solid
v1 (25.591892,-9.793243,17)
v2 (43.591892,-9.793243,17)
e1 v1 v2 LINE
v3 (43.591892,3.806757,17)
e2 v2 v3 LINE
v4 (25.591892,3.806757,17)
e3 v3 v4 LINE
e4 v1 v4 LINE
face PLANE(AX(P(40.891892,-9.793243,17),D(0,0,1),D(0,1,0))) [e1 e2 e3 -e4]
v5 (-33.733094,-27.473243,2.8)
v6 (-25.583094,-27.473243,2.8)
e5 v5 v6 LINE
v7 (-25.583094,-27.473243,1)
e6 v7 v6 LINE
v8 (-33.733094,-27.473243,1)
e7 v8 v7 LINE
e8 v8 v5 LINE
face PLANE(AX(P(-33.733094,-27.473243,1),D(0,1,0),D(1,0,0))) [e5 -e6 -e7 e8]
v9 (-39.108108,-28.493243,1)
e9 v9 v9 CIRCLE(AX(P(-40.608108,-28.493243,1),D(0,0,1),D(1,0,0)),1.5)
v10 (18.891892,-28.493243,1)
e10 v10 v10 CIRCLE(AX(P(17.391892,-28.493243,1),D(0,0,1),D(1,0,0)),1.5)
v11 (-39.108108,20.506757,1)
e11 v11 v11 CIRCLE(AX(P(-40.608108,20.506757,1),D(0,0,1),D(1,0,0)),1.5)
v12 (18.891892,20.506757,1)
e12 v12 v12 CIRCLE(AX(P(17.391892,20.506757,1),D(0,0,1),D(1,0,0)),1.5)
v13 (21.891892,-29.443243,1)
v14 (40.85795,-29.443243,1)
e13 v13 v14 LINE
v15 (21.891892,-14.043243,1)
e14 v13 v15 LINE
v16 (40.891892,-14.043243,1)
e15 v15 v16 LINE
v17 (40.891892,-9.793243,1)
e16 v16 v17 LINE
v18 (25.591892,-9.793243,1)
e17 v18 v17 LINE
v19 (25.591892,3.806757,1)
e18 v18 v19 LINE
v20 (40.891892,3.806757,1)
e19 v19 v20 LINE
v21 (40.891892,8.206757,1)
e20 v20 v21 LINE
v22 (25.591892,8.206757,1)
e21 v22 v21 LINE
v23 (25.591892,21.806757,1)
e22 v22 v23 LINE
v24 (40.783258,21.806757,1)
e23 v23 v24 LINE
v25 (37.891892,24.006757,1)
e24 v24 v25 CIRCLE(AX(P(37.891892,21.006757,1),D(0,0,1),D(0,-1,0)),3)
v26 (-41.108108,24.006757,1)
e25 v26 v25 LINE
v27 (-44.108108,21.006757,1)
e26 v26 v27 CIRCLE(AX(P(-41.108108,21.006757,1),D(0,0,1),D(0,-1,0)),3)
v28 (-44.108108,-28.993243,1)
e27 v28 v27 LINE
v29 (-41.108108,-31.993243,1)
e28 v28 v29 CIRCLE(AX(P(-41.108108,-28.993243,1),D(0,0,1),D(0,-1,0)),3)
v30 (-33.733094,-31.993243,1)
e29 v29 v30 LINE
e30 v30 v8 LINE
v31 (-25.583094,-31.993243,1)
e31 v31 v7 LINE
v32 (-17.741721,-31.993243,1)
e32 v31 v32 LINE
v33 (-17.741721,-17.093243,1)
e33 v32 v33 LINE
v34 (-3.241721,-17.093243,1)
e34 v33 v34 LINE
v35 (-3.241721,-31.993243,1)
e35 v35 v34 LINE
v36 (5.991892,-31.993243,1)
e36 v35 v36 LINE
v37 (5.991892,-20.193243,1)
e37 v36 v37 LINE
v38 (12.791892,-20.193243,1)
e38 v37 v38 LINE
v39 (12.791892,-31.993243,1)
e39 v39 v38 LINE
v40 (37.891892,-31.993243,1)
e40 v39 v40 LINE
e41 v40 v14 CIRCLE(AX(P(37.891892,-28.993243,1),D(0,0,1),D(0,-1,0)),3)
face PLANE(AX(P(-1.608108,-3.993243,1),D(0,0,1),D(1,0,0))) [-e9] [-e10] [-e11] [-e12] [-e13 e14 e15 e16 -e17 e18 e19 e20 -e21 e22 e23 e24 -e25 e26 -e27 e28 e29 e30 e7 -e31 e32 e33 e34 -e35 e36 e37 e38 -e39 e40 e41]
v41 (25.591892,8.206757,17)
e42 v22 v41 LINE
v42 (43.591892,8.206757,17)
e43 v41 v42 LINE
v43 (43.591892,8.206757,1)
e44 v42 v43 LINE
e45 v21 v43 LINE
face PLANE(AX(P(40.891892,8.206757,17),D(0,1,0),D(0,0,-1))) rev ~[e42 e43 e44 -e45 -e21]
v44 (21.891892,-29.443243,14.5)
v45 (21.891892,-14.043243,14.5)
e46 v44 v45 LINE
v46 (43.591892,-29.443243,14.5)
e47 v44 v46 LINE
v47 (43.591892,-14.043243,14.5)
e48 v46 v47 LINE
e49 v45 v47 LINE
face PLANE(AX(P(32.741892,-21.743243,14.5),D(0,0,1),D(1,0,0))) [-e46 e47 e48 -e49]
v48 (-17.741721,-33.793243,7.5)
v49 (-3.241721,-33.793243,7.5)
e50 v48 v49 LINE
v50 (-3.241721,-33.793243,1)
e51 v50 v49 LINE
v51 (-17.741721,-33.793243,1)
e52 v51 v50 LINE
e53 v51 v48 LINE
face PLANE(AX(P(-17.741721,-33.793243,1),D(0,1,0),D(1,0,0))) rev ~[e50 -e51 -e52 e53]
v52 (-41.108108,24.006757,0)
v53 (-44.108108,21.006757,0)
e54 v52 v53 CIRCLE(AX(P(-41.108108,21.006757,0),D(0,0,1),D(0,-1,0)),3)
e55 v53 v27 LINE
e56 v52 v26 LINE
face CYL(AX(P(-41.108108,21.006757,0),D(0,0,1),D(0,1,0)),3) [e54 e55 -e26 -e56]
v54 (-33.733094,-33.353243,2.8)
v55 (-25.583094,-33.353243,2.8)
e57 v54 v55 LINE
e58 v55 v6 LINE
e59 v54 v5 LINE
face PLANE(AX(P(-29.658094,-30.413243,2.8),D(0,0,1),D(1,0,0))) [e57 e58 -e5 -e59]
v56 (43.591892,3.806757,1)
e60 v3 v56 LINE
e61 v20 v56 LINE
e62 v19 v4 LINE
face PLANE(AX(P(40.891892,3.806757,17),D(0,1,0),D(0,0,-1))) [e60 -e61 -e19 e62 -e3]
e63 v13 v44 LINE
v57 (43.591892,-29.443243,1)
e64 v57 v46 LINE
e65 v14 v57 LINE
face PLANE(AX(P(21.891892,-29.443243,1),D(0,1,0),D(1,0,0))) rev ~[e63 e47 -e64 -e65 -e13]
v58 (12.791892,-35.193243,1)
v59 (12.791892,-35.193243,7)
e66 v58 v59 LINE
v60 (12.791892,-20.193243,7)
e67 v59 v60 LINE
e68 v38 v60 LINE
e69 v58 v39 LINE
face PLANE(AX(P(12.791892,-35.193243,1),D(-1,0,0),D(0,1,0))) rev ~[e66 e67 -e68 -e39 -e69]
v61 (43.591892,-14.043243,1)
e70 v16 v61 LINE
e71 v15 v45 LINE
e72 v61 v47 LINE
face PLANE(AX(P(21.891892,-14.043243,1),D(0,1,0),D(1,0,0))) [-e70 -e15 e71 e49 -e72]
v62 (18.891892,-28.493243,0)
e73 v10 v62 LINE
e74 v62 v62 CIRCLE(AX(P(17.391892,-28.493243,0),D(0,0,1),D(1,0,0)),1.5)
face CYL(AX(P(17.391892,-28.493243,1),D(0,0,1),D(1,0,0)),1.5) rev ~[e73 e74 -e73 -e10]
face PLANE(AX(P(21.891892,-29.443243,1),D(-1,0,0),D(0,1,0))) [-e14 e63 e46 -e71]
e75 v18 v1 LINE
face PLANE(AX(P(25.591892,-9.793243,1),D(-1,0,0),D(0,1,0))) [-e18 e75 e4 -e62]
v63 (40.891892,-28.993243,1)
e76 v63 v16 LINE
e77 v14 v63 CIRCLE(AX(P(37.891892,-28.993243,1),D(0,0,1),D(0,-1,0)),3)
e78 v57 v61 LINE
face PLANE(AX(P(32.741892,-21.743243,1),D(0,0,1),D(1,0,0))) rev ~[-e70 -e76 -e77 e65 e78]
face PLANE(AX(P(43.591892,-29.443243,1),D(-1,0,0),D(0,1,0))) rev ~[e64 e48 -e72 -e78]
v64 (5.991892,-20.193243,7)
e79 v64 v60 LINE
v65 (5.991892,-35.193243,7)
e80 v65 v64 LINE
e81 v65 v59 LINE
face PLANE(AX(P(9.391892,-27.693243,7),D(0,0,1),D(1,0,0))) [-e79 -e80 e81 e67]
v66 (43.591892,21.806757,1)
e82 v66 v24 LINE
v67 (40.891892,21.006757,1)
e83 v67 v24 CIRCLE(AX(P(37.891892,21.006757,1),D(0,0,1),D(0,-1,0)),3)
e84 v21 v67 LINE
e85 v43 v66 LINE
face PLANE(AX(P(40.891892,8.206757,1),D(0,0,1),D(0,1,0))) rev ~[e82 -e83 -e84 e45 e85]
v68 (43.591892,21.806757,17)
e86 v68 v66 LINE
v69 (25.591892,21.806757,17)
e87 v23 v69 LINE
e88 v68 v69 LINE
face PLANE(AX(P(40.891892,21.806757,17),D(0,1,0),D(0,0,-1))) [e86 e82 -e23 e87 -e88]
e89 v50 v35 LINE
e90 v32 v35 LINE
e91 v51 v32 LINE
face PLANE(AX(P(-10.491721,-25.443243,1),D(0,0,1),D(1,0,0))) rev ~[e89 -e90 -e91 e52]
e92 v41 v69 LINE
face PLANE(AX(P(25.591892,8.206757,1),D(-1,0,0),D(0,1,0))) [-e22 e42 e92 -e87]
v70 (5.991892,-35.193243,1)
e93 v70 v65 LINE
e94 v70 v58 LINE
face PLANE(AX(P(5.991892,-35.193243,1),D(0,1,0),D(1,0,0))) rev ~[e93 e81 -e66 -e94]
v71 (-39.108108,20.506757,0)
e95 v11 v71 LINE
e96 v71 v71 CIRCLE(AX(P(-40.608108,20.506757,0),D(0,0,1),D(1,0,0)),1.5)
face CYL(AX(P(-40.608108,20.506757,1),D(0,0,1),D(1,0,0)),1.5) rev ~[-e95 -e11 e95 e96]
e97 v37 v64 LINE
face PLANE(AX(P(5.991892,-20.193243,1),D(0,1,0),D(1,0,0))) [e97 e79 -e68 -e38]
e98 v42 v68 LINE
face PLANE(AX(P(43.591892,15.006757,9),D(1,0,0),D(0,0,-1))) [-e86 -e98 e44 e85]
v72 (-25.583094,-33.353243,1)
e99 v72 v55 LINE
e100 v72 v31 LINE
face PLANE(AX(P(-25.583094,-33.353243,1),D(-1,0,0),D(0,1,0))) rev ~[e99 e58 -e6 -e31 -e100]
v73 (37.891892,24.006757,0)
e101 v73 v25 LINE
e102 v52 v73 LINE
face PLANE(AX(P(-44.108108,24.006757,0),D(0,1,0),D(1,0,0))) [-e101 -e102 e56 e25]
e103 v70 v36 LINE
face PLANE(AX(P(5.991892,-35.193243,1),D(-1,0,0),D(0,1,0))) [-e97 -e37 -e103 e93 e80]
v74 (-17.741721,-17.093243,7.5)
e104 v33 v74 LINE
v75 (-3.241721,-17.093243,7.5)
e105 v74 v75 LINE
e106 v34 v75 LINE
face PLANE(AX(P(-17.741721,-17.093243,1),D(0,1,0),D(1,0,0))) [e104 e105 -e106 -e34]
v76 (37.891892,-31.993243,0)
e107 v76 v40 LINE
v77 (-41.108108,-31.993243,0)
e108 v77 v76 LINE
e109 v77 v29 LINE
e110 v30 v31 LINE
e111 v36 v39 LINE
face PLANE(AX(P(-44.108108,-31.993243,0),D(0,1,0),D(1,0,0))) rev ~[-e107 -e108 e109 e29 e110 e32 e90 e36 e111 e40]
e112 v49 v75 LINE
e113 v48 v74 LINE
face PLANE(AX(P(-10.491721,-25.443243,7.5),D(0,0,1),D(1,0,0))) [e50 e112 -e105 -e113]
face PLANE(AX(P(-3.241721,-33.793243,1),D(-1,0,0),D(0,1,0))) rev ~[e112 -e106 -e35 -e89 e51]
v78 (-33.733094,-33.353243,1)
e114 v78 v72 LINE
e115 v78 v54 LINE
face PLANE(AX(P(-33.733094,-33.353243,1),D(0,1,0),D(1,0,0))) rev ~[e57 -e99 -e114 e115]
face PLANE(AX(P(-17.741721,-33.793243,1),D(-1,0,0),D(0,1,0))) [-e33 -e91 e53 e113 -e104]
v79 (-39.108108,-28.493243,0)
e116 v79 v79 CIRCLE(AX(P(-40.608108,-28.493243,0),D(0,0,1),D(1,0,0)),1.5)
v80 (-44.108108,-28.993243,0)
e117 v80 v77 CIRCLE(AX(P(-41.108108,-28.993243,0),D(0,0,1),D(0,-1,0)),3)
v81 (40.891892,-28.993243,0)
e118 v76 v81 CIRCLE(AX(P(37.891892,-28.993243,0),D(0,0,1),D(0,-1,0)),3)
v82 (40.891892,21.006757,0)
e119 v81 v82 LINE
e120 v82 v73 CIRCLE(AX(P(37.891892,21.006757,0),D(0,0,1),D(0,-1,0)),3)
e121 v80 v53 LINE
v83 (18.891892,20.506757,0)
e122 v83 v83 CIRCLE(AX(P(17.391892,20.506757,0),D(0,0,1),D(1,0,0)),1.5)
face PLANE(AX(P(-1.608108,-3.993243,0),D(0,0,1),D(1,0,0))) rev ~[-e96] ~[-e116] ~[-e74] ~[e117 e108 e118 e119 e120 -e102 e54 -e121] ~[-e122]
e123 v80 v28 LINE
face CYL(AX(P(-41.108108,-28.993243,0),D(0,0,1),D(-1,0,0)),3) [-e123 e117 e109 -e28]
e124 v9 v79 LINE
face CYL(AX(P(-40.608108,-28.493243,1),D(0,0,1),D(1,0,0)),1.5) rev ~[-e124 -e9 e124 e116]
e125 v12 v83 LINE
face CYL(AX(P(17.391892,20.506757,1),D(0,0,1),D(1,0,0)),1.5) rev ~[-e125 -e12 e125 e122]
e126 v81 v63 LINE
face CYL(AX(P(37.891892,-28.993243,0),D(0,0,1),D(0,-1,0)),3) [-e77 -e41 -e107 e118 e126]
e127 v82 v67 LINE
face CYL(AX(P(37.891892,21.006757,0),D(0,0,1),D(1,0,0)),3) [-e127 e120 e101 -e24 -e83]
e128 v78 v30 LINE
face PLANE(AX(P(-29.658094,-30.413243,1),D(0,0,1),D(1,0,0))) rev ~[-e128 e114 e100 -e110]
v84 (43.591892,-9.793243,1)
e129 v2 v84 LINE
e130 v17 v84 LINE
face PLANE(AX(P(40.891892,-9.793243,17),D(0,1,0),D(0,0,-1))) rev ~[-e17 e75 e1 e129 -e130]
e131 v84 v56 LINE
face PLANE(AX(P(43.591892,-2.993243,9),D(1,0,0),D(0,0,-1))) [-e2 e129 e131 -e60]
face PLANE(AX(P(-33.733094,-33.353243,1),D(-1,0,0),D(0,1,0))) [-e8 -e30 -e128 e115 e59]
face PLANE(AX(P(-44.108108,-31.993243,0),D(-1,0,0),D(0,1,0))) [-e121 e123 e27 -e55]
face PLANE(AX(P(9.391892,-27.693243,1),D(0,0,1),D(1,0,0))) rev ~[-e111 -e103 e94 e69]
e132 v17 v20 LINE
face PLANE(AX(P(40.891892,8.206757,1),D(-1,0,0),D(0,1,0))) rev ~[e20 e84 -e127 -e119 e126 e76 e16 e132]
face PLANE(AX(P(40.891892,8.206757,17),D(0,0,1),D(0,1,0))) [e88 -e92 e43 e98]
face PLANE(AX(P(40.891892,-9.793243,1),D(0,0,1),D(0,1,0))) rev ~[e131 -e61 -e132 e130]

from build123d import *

# Parameters (mm, degrees)
ESQUISSE1_W                = 85
ESQUISSE1_H                = 56
BOSS_EXTRU_1_DEPTH         = 1
CONG_3_R                   = 3
CONG_4_R                   = 3
CONG_5_R                   = 3
CONG_6_R                   = 3
ESQUISSE2_R                = 1.5
ENL_V_MAT_EXTRU_1_DEPTH    = 55.498557908
ESQUISSE3_W                = 15.3
ESQUISSE3_H                = 13.6
BOSS_EXTRU_3_DEPTH         = 16
ESQUISSE5_W                = 16
ESQUISSE5_H                = 13.6
BOSS_EXTRU_4_DEPTH         = 2.7
R_P_TITION_LIN_AIRE1_COUNT = 2
R_P_TITION_LIN_AIRE1_PITCH = 18
R_P_TITION_LIN_AIRE2_COUNT = 2
R_P_TITION_LIN_AIRE2_PITCH = 18
ESQUISSE7_W                = 21.7
ESQUISSE7_H                = 15.4
BOSS_EXTRU_5_DEPTH         = 13.5
ESQUISSE8_W                = 6.8
ESQUISSE8_H                = 15
BOSS_EXTRU_6_DEPTH         = 6
ESQUISSE9_W                = 14.5
ESQUISSE9_H                = 16.7
BOSS_EXTRU_7_DEPTH         = 6.5
ESQUISSE10_W               = 8.15
ESQUISSE10_H               = 5.88
BOSS_EXTRU_8_DEPTH         = 1.8


with BuildPart() as part:
    # Esquisse1 → Boss.-Extru.1 (new body)
    with BuildSketch(Plane.XY):
        with Locations((-1.608108108, -3.993243243)):
            Rectangle(ESQUISSE1_W, ESQUISSE1_H)
    extrude(amount=BOSS_EXTRU_1_DEPTH)

    # Congé3
    cong_3_edges = [part.edges().sort_by_distance(p)[0] for p in [
        (40.891891892, 24.006756757, 0.5),
    ]]
    fillet(cong_3_edges, radius=CONG_3_R)

    # Congé4
    cong_4_edges = [part.edges().sort_by_distance(p)[0] for p in [
        (-44.108108108, 24.006756757, 0.5),
    ]]
    fillet(cong_4_edges, radius=CONG_4_R)

    # Congé5
    cong_5_edges = [part.edges().sort_by_distance(p)[0] for p in [
        (-44.108108108, -31.993243243, 0.5),
    ]]
    fillet(cong_5_edges, radius=CONG_5_R)

    # Congé6
    cong_6_edges = [part.edges().sort_by_distance(p)[0] for p in [
        (40.891891892, -31.993243243, 0.5),
    ]]
    fillet(cong_6_edges, radius=CONG_6_R)

    # Esquisse2 → Enlèv. mat.-Extru.1 (cut, through all)
    with BuildSketch(Plane.XY.offset(1)):
        with Locations((-40.608108108, 20.506756757)):
            Circle(ESQUISSE2_R)
        with Locations((-40.608108108, -28.493243243)):
            Circle(ESQUISSE2_R)
        with Locations((17.391891892, -28.493243243)):
            Circle(ESQUISSE2_R)
        with Locations((17.391891892, 20.506756757)):
            Circle(ESQUISSE2_R)
    extrude(amount=-ENL_V_MAT_EXTRU_1_DEPTH, mode=Mode.SUBTRACT)

    # Esquisse3 → Boss.-Extru.3 (add)
    with BuildSketch(Plane.XY.offset(1)):
        with Locations((33.241891892, 15.006756757)):
            Rectangle(ESQUISSE3_W, ESQUISSE3_H)
    boss_extru_3 = extrude(amount=BOSS_EXTRU_3_DEPTH)

    # Esquisse5 → Boss.-Extru.4 (add)
    with BuildSketch(Plane(origin=(40.891891892, 0, 0), x_dir=(0, 0, -1), z_dir=(1, 0, 0))):
        with Locations((-9, 15.006756757)):
            Rectangle(ESQUISSE5_W, ESQUISSE5_H)
    boss_extru_4 = extrude(amount=BOSS_EXTRU_4_DEPTH)

    # Répétition linéaire1: Boss.-Extru.3 ×2
    with Locations(*[(0, -i * R_P_TITION_LIN_AIRE1_PITCH, 0) for i in range(1, R_P_TITION_LIN_AIRE1_COUNT)]):
        add(boss_extru_3)

    # Répétition linéaire2: Boss.-Extru.4 ×2
    with Locations(*[(0, -i * R_P_TITION_LIN_AIRE2_PITCH, 0) for i in range(1, R_P_TITION_LIN_AIRE2_COUNT)]):
        add(boss_extru_4)

    # Esquisse7 → Boss.-Extru.5 (add)
    with BuildSketch(Plane.XY.offset(1)):
        with Locations((32.741891892, -21.743243243)):
            Rectangle(ESQUISSE7_W, ESQUISSE7_H)
    extrude(amount=BOSS_EXTRU_5_DEPTH)

    # Esquisse8 → Boss.-Extru.6 (add)
    with BuildSketch(Plane.XY.offset(1)):
        with Locations((9.391891892, -27.693243243)):
            Rectangle(ESQUISSE8_W, ESQUISSE8_H)
    extrude(amount=BOSS_EXTRU_6_DEPTH)

    # Esquisse9 → Boss.-Extru.7 (add)
    with BuildSketch(Plane.XY.offset(1)):
        with Locations((-10.491721189, -25.443243243)):
            Rectangle(ESQUISSE9_W, ESQUISSE9_H)
    extrude(amount=BOSS_EXTRU_7_DEPTH)

    # Esquisse10 → Boss.-Extru.8 (add)
    with BuildSketch(Plane.XY.offset(1)):
        with Locations((-29.658093883, -30.413243243)):
            Rectangle(ESQUISSE10_W, ESQUISSE10_H)
    extrude(amount=BOSS_EXTRU_8_DEPTH)


solid = part.part
